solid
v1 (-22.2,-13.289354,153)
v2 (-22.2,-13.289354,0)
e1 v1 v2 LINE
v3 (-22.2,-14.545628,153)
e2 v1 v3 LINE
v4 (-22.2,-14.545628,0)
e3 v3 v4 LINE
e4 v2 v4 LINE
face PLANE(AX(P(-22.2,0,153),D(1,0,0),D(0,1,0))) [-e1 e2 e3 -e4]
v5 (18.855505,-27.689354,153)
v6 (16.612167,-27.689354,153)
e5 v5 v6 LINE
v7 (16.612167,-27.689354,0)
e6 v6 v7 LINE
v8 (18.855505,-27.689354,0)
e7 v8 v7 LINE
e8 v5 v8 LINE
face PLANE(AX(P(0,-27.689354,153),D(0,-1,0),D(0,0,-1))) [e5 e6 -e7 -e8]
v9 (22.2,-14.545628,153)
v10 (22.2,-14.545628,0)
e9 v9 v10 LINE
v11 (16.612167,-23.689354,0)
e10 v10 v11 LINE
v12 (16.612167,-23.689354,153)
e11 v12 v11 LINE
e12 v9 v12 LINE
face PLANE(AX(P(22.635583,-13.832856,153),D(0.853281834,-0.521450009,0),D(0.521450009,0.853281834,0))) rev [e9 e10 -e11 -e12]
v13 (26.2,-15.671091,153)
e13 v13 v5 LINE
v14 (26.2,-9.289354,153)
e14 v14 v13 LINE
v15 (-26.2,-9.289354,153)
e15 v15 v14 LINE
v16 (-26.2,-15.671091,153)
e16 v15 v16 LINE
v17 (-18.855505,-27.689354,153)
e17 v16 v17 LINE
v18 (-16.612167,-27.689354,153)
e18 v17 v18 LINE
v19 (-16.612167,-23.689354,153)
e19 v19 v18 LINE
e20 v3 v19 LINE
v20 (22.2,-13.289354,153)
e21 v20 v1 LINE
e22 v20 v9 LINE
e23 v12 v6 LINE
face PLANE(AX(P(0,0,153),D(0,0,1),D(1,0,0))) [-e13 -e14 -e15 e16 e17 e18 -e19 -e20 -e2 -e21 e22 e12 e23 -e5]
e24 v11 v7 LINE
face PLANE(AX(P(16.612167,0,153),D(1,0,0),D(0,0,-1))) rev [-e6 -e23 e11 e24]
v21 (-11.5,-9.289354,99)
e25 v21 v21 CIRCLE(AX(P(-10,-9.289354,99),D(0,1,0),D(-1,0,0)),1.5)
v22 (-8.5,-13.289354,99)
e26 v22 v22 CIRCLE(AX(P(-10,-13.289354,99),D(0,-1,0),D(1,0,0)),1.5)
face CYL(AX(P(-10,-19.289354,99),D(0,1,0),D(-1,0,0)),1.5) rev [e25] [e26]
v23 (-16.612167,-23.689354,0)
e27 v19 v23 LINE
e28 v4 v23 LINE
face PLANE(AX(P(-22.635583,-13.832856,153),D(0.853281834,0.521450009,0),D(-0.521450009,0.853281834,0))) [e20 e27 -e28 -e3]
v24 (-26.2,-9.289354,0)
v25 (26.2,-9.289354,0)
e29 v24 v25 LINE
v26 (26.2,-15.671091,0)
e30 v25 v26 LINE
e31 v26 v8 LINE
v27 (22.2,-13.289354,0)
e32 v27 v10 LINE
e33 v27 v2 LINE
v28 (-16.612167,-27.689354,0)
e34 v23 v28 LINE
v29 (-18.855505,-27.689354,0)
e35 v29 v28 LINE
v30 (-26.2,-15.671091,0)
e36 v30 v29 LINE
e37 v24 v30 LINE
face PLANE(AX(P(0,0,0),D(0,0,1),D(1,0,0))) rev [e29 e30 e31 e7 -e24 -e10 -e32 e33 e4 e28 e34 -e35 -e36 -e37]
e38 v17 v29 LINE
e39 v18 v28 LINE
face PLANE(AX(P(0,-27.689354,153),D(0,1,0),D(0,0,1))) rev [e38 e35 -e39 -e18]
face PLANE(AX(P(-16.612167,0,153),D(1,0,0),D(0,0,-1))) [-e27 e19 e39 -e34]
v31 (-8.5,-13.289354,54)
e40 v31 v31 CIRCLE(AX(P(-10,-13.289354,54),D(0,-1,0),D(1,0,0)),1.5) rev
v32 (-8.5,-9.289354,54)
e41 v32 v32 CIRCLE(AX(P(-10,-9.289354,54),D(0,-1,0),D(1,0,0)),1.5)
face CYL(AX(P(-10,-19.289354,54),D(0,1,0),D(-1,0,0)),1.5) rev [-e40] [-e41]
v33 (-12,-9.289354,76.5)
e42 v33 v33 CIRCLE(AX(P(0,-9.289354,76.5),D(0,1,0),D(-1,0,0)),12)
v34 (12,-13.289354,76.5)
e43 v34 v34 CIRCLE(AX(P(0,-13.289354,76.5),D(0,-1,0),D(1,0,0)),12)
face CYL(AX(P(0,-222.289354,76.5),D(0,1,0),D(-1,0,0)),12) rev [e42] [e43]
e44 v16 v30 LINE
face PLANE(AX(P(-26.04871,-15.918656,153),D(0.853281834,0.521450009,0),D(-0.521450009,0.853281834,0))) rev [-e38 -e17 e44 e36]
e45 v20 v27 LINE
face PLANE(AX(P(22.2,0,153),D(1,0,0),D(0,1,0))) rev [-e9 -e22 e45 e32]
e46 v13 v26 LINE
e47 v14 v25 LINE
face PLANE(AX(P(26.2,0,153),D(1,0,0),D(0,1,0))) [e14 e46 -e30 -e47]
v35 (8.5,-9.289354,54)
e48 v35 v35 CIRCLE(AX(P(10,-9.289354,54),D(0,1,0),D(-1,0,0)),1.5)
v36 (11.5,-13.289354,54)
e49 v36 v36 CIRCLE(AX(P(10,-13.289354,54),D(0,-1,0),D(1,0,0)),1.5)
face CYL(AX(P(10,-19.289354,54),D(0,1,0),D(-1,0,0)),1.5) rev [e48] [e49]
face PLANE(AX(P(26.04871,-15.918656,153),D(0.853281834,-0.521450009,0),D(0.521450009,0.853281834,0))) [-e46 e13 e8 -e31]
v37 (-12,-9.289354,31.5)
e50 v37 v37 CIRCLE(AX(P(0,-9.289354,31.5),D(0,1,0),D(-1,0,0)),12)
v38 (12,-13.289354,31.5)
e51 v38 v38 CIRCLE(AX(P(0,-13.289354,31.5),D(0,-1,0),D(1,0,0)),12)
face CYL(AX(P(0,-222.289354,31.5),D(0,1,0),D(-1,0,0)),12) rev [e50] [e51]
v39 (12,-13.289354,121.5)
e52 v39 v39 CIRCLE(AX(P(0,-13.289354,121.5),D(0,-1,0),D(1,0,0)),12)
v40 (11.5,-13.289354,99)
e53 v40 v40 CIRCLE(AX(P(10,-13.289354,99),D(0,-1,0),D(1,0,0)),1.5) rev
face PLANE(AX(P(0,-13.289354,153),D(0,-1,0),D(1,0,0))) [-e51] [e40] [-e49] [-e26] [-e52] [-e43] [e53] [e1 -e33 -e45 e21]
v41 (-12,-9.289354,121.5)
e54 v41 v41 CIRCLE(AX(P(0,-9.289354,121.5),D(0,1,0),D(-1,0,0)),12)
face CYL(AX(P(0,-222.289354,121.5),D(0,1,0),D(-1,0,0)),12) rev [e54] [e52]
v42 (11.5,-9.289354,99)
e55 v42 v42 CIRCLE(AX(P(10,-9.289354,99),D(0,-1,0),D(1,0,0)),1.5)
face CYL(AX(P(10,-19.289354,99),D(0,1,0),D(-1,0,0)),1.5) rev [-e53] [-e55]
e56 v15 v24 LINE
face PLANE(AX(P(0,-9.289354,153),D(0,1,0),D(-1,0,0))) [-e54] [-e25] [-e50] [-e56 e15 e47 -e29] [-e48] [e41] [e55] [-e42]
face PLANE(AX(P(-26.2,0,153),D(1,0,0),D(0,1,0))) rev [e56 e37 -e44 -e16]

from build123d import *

# Parameters (mm, degrees)
BOSS_EXTRUDE1_DEPTH = 153
SKETCH2_R           = 12
CUT_EXTRUDE1_DEPTH  = 213
SKETCH3_R           = 1.5
CUT_EXTRUDE2_DEPTH  = 10


with BuildPart() as part:
    # Sketch1 → Boss-Extrude1 (new body)
    with BuildSketch(Plane.XY):
        Polygon((0, -13.289354466), (-22.2, -13.289354466), (-22.2, -14.545627613), (-16.612166923, -23.689354466), (-16.612166923, -27.689354466), (-18.855505392, -27.689354466), (-26.2, -15.671090562), (-26.2, -9.289354466), (26.2, -9.289354466), (26.2, -15.671090562), (18.855505392, -27.689354466), (16.612166923, -27.689354466), (16.612166923, -23.689354466), (22.2, -14.545627613), (22.2, -13.289354466), align=None)
    extrude(amount=BOSS_EXTRUDE1_DEPTH)

    # Sketch2 → Cut-Extrude1 (cut)
    with BuildSketch(Plane(origin=(0, -9.289354466, 0), x_dir=(1, 0, 0), z_dir=(0, 1, 0))):
        with Locations(Location((0, -31.5, 0), (0, 0, 180))):
            Circle(SKETCH2_R)
        with Locations(Location((0, -76.5, 0), (0, 0, 180))):
            Circle(SKETCH2_R)
        with Locations(Location((0, -121.5, 0), (0, 0, 180))):
            Circle(SKETCH2_R)
    extrude(amount=-CUT_EXTRUDE1_DEPTH, mode=Mode.SUBTRACT)

    # Sketch3 → Cut-Extrude2 (cut)
    with BuildSketch(Plane(origin=(0, -9.289354466, 0), x_dir=(1, 0, 0), z_dir=(0, 1, 0))):
        with Locations(Location((-10, -99, 0), (0, 0, 180))):
            Circle(SKETCH3_R)
        with Locations((10, -99)):
            Circle(SKETCH3_R)
        with Locations(Location((10, -54, 0), (0, 0, 180))):
            Circle(SKETCH3_R)
        with Locations((-10, -54)):
            Circle(SKETCH3_R)
    extrude(amount=-CUT_EXTRUDE2_DEPTH, mode=Mode.SUBTRACT)


solid = part.part
